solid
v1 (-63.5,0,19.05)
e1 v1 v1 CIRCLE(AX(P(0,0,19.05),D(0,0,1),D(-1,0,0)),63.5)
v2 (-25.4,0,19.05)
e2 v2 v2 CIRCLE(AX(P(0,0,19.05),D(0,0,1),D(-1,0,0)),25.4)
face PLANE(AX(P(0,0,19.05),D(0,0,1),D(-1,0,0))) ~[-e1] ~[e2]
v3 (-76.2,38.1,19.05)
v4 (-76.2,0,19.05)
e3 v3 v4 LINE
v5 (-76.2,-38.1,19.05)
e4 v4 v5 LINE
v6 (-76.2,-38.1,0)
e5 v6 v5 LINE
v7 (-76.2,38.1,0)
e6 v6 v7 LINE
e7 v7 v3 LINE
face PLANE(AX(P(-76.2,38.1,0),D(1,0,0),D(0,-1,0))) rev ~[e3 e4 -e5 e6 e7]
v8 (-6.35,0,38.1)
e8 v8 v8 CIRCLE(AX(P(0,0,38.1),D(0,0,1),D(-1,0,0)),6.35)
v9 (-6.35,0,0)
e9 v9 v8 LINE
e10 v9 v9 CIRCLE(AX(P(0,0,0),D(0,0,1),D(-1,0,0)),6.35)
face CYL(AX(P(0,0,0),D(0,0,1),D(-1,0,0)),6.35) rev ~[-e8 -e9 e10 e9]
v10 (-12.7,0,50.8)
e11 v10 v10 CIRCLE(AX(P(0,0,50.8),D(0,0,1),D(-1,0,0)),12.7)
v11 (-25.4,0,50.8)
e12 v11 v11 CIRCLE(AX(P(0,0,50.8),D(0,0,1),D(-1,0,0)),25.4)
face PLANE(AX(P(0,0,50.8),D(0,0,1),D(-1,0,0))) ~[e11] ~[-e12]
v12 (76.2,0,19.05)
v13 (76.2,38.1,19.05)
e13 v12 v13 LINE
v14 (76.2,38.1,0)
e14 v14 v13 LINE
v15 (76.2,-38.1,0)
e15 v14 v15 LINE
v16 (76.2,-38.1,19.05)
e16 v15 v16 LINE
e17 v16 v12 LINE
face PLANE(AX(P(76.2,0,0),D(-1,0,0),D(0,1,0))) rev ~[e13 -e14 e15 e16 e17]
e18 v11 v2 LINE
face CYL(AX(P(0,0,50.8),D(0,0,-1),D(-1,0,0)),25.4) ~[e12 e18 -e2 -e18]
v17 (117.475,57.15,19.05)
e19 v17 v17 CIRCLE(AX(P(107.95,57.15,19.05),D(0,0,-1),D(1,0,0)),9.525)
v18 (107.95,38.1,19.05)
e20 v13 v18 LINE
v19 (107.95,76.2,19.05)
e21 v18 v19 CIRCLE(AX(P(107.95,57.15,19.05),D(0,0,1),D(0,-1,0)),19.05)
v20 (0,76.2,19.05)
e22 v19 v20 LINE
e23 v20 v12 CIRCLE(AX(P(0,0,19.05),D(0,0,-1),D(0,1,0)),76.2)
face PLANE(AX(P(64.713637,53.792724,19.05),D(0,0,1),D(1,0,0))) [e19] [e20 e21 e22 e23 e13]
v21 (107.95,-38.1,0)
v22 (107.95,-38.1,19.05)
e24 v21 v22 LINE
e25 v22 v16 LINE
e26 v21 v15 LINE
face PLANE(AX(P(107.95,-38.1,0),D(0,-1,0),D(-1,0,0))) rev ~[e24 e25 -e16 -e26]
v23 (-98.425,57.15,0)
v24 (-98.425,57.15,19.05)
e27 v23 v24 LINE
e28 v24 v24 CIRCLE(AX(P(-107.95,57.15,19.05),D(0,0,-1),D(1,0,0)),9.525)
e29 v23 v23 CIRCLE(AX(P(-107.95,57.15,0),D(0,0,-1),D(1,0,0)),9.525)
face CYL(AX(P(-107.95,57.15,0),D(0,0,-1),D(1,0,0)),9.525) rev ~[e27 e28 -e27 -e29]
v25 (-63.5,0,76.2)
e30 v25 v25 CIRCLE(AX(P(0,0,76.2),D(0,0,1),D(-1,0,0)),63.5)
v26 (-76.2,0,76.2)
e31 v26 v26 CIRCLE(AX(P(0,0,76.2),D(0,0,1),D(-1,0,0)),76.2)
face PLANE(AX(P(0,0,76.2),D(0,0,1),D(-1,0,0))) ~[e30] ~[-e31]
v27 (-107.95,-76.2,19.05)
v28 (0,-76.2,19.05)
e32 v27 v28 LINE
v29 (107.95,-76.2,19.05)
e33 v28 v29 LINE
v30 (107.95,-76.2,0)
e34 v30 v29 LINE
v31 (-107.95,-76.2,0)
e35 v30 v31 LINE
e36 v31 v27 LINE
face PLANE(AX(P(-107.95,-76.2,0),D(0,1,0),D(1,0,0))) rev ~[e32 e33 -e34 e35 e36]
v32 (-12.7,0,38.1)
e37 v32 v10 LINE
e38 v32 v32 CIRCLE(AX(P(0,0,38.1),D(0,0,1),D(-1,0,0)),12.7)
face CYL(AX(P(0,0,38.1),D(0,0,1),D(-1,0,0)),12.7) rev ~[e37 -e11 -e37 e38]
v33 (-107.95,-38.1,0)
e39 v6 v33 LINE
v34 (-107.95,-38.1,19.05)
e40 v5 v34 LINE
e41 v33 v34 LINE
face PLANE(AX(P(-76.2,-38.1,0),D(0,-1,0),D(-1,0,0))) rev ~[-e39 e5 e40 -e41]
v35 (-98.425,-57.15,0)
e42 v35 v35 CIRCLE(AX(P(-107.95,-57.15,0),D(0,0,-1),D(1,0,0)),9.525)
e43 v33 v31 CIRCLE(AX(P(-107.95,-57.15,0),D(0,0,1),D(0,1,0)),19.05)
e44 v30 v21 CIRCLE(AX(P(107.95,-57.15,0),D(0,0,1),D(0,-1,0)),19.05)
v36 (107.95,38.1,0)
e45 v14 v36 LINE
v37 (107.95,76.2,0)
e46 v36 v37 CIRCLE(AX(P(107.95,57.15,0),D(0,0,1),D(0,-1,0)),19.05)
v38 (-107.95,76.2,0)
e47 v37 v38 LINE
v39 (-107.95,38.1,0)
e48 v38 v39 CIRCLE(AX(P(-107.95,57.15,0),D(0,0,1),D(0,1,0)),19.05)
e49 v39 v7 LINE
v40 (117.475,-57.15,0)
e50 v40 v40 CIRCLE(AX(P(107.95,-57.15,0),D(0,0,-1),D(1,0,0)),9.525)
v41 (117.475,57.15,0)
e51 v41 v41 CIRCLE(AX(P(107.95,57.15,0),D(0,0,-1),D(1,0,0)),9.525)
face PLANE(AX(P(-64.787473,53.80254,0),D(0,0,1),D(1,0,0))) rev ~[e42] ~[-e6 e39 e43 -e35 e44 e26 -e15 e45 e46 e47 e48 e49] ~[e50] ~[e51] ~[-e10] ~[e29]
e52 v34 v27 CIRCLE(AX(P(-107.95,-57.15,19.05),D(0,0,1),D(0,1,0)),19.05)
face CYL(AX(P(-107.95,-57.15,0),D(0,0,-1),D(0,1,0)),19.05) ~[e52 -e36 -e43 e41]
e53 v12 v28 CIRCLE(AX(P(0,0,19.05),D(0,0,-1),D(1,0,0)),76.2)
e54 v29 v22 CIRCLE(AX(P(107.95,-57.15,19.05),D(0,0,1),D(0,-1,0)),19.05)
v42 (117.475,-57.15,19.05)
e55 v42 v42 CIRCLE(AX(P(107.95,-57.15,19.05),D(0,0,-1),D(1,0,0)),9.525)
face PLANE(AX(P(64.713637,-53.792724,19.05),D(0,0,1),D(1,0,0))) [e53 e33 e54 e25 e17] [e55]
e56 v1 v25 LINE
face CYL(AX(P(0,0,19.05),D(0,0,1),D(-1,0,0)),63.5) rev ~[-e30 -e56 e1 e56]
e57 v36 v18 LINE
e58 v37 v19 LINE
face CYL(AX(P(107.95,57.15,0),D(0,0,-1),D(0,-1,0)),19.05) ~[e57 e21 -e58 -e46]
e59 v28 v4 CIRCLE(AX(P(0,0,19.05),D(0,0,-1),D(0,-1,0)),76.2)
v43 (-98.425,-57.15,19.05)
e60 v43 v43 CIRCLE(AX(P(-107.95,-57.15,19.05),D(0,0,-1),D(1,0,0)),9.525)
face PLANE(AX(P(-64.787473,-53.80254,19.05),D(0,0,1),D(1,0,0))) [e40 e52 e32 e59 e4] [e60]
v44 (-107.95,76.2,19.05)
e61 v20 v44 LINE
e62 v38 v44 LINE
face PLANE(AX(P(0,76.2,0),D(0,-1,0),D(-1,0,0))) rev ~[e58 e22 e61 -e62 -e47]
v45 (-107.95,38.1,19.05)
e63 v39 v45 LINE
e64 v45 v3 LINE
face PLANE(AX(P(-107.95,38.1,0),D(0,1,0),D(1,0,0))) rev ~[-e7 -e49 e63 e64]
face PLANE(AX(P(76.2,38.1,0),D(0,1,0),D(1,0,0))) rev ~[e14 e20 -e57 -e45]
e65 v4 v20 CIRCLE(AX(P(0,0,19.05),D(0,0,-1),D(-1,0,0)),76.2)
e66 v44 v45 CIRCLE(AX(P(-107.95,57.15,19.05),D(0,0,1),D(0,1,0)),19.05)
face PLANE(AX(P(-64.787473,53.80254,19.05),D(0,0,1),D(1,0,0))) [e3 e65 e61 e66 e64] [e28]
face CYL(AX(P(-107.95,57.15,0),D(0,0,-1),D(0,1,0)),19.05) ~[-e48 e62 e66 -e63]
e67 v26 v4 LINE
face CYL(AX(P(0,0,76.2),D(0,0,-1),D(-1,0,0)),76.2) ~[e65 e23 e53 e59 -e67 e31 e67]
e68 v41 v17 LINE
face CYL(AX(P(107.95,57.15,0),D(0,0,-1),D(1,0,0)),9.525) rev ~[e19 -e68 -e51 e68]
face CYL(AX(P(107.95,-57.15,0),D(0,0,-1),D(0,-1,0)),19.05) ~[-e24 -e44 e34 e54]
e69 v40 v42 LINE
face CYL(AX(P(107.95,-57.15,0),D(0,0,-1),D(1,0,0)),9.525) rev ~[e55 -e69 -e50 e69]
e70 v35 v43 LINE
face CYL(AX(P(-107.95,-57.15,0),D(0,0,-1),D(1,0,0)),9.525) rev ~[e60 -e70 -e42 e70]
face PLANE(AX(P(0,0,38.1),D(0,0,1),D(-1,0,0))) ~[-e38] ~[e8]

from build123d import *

# Parameters (mm, degrees)
F3_DEPTH = 19.05


with BuildPart() as f1:
    # F0 (on Front) → F1 (revolve)
    with BuildSketch(Plane.XZ):
        Polygon((-76.2, 0), (-6.35, 0), (-6.35, 38.1), (-12.7, 38.1), (-12.7, 50.8), (-25.4, 50.8), (-25.4, 19.05), (-63.5, 19.05), (-63.5, 76.2), (-76.2, 76.2), align=None)
    revolve(axis=Axis((0, 0, 34.0018123388), (0, 0, 1)))

    # F2 (on Top) → F3 (join)
    with BuildSketch(Plane.XY):
        with BuildLine():
            ThreePointArc((-76.2, 0), (-53.8815367264, 53.8815367264), (0, 76.2))
            Line((0, 76.2), (-107.95, 76.2))
            Line((-107.95, 76.2), (-107.95, 66.675))
            ThreePointArc((-107.95, 66.675), (-101.2148079092, 63.8851920908), (-98.425, 57.15))
            ThreePointArc((-98.425, 57.15), (-101.2148079092, 50.4148079092), (-107.95, 47.625))
            Line((-107.95, 47.625), (-107.95, 38.1))
            Line((-107.95, 38.1), (-76.2, 38.1))
            Line((-76.2, 38.1), (-76.2, 0))
        make_face()
        with BuildLine():
            Line((-107.95, 66.675), (-107.95, 76.2))
            ThreePointArc((-107.95, 76.2), (-127, 57.15), (-107.95, 38.1))
            Line((-107.95, 38.1), (-107.95, 47.625))
            ThreePointArc((-107.95, 47.625), (-117.475, 57.15), (-107.95, 66.675))
        make_face()
        with BuildLine():
            Line((-107.95, -76.2), (0, -76.2))
            ThreePointArc((0, -76.2), (-53.8815367264, -53.8815367264), (-76.2, 0))
            Line((-76.2, 0), (-76.2, -38.1))
            Line((-76.2, -38.1), (-107.95, -38.1))
            Line((-107.95, -38.1), (-107.95, -47.625))
            ThreePointArc((-107.95, -47.625), (-101.2148079092, -50.4148079092), (-98.425, -57.15))
            ThreePointArc((-98.425, -57.15), (-101.2148079092, -63.8851920908), (-107.95, -66.675))
            Line((-107.95, -66.675), (-107.95, -76.2))
        make_face()
        with BuildLine():
            ThreePointArc((-107.95, -38.1), (-127, -57.15), (-107.95, -76.2))
            Line((-107.95, -76.2), (-107.95, -66.675))
            ThreePointArc((-107.95, -66.675), (-117.475, -57.15), (-107.95, -47.625))
            Line((-107.95, -47.625), (-107.95, -38.1))
        make_face()
        with BuildLine():
            Line((76.2, -38.1), (76.2, 0))
            ThreePointArc((76.2, 0), (53.8815367264, -53.8815367264), (0, -76.2))
            Line((0, -76.2), (107.95, -76.2))
            Line((107.95, -76.2), (107.95, -66.675))
            ThreePointArc((107.95, -66.675), (98.425, -57.15), (107.95, -47.625))
            Line((107.95, -47.625), (107.95, -38.1))
            Line((107.95, -38.1), (76.2, -38.1))
        make_face()
        with BuildLine():
            Line((107.95, -66.675), (107.95, -76.2))
            ThreePointArc((107.95, -76.2), (127, -57.15), (107.95, -38.1))
            Line((107.95, -38.1), (107.95, -47.625))
            ThreePointArc((107.95, -47.625), (114.6851920908, -50.4148079092), (117.475, -57.15))
            ThreePointArc((117.475, -57.15), (114.6851920908, -63.8851920908), (107.95, -66.675))
        make_face()
        with BuildLine():
            ThreePointArc((0, 76.2), (53.8815367264, 53.8815367264), (76.2, 0))
            Line((76.2, 0), (76.2, 38.1))
            Line((76.2, 38.1), (107.95, 38.1))
            Line((107.95, 38.1), (107.95, 47.625))
            ThreePointArc((107.95, 47.625), (98.425, 57.15), (107.95, 66.675))
            Line((107.95, 66.675), (107.95, 76.2))
            Line((107.95, 76.2), (0, 76.2))
        make_face()
        with BuildLine():
            ThreePointArc((107.95, 38.1), (127, 57.15), (107.95, 76.2))
            Line((107.95, 76.2), (107.95, 66.675))
            ThreePointArc((107.95, 66.675), (114.6851920908, 63.8851920908), (117.475, 57.15))
            ThreePointArc((117.475, 57.15), (114.6851920908, 50.4148079092), (107.95, 47.625))
            Line((107.95, 47.625), (107.95, 38.1))
        make_face()
    extrude(amount=F3_DEPTH)


solid = f1.part
